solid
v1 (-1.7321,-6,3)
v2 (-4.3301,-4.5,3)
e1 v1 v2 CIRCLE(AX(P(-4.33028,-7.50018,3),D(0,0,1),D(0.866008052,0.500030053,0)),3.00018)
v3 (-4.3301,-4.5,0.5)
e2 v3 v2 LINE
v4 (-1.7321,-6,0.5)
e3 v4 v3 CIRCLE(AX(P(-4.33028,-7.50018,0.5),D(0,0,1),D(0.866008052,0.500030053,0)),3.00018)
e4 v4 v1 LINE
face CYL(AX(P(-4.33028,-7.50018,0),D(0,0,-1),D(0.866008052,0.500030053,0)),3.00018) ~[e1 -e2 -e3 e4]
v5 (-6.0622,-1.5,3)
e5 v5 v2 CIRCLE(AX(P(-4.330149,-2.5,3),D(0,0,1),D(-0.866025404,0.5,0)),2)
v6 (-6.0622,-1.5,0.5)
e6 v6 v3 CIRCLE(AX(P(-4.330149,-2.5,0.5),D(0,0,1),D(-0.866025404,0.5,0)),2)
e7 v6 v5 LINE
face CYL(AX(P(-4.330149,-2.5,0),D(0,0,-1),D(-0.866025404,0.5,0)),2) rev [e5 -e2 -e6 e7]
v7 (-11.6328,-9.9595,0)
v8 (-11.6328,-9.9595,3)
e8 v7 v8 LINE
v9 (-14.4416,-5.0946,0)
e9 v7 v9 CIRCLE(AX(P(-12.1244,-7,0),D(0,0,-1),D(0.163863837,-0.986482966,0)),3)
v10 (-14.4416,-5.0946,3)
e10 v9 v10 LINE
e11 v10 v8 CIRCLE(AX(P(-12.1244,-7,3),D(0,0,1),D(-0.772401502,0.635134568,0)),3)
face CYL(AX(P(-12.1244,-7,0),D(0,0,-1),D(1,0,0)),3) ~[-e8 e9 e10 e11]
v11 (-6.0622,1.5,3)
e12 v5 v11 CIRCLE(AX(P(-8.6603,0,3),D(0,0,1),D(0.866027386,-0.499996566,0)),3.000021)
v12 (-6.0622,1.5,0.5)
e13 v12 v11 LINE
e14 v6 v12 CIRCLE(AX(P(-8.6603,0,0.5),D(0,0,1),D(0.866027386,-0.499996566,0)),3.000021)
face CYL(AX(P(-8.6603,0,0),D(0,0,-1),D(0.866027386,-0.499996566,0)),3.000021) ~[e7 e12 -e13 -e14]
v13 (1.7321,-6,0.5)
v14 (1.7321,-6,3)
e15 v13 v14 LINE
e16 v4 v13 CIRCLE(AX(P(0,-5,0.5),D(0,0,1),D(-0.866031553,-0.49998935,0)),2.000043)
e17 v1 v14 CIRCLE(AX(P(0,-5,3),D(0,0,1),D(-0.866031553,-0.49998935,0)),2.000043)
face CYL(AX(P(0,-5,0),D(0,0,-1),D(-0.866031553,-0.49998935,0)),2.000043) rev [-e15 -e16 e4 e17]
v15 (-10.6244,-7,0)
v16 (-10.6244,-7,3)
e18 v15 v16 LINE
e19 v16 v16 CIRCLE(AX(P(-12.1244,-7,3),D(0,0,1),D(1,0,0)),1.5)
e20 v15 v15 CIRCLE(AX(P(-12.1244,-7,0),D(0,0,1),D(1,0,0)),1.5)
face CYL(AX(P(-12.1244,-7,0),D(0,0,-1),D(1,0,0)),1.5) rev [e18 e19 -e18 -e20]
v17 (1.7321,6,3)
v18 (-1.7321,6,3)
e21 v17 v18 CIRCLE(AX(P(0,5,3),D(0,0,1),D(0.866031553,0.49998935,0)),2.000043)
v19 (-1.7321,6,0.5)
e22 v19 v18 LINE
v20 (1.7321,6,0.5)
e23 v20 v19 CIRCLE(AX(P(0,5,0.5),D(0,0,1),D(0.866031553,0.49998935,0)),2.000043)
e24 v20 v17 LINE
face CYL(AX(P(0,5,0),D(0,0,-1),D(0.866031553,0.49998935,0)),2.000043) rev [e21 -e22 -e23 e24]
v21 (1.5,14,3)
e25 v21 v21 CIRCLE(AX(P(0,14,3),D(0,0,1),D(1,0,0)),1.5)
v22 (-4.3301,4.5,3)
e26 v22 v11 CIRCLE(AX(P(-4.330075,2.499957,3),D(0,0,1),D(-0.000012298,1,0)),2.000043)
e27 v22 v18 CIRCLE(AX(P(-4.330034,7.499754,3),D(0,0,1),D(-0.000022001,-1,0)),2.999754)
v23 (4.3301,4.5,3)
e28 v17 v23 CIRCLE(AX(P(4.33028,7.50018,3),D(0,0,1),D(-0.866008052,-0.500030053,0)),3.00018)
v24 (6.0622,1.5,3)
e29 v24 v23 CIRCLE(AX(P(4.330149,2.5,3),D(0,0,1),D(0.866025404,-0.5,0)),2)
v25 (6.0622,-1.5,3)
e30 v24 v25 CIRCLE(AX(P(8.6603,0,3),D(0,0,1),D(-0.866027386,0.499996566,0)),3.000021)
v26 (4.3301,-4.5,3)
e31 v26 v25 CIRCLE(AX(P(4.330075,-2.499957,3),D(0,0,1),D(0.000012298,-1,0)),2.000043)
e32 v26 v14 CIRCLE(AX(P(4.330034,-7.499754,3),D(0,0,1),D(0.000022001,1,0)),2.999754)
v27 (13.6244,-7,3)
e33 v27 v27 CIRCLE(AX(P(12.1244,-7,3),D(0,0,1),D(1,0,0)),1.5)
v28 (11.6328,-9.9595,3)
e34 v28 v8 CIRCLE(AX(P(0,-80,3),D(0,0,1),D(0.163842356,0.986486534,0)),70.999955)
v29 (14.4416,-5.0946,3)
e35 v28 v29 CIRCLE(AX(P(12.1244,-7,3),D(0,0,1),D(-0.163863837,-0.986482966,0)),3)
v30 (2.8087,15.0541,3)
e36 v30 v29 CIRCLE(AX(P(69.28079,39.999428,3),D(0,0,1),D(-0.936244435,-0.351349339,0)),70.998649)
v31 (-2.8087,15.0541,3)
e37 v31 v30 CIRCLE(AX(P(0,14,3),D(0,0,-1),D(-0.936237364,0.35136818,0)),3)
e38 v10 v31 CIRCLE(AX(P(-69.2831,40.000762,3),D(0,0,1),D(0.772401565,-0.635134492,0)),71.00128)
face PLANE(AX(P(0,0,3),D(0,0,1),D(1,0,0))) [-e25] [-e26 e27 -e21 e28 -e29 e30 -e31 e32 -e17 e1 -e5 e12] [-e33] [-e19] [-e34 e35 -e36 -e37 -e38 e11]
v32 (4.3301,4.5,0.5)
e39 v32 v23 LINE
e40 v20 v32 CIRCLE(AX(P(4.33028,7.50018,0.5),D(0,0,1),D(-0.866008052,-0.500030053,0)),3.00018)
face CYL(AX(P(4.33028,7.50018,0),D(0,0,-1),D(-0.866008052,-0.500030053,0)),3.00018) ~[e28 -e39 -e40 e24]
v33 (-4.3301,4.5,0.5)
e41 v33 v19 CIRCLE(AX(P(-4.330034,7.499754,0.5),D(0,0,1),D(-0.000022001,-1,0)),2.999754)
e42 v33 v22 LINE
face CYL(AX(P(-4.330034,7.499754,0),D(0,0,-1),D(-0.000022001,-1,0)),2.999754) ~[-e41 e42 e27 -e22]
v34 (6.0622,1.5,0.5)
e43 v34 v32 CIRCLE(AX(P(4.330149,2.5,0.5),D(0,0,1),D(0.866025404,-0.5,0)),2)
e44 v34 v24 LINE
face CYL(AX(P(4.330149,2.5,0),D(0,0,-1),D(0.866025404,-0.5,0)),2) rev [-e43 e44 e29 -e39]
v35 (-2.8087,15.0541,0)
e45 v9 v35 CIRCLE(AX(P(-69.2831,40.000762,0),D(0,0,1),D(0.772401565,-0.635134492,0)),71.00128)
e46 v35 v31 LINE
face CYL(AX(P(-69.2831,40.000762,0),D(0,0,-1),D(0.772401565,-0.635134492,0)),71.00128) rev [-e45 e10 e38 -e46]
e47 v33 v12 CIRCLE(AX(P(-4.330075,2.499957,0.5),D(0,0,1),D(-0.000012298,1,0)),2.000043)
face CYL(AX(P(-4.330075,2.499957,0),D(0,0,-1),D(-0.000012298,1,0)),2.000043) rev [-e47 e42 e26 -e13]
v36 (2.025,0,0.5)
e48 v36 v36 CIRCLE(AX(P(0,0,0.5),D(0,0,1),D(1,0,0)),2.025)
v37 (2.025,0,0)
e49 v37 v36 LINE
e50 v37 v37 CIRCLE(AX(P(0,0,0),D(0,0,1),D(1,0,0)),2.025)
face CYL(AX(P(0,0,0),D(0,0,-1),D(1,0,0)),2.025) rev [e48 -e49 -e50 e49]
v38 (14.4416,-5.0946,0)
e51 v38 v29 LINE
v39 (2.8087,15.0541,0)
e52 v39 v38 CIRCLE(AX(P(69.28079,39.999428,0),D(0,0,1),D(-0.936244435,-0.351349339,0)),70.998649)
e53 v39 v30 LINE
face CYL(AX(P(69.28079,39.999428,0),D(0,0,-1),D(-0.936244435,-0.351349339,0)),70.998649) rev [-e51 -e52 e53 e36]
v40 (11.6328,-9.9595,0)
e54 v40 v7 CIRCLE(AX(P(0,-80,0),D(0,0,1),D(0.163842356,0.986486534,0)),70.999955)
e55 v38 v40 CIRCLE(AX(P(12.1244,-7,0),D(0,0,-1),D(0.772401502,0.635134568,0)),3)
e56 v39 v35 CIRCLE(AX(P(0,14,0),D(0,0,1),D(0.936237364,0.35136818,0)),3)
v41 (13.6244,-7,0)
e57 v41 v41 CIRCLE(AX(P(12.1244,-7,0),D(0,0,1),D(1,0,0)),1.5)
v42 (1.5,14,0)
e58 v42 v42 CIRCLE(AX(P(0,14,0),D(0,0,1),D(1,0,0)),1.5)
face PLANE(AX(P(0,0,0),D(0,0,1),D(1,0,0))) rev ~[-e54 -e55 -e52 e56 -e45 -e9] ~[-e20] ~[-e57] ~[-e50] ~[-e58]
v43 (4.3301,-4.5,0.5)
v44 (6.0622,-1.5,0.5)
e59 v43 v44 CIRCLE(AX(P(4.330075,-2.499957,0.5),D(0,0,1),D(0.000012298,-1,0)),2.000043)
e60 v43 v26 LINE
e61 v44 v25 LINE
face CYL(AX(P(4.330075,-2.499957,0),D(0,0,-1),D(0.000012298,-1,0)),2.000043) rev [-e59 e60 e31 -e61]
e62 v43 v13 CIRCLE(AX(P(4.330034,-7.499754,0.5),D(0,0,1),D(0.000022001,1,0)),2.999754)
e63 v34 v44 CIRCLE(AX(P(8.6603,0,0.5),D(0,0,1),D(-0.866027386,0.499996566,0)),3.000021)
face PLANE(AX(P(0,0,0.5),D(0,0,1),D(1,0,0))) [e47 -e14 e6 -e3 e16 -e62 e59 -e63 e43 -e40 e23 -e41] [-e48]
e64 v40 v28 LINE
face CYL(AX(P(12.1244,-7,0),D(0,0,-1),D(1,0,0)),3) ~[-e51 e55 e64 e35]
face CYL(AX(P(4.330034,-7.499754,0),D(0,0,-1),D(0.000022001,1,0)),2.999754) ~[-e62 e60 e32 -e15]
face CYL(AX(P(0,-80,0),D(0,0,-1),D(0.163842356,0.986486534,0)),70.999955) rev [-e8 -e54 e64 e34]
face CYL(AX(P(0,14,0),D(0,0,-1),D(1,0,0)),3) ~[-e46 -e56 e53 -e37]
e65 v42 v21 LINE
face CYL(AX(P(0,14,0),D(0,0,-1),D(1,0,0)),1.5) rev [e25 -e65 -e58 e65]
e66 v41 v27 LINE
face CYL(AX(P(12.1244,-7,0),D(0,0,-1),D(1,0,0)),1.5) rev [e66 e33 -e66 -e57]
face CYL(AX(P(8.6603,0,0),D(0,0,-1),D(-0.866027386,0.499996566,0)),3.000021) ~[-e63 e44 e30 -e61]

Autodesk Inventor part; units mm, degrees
ref_plane "YZ Plane" through (0, 0, 0) normal (1, 0, 0) x (0, 1, 0)
ref_plane "XZ Plane" through (0, 0, 0) normal (0, 1, 0) x (-1, 0, 0)
ref_plane "XY Plane" through (0, 0, 0) normal (0, 0, 1) x (1, 0, 0)
sketch "スケッチ1" plane through (0, 0, 0) normal (0, 0, 1) x (1, 0, 0)
  circle A0 centre (0, 0) radius 18.25
  circle A1 centre (0, 0) radius 17
  line L0 (0, 14) -> (12.1244, -7) construction
  line L1 (12.1244, -7) -> (-12.1244, -7) construction
  line L2 (-12.1244, -7) -> (0, 14) construction
  circle A2 centre (0, 14) radius 1.5
  circle A3 centre (-12.1244, -7) radius 1.5
  circle A4 centre (12.1244, -7) radius 1.5
  circle A5 centre (0, 14) radius 3
  circle A6 centre (-12.1244, -7) radius 3
  circle A7 centre (12.1244, -7) radius 3
  circle A8 centre (0, 0) radius 8 construction
  circle A9 centre (0, 0) radius 7 construction
  line L3 (0, 7) -> (6.0622, 3.5) construction
  line L4 (6.0622, 3.5) -> (6.0622, -3.5) construction
  line L5 (6.0622, -3.5) -> (0, -7) construction
  line L6 (0, -7) -> (-6.0622, -3.5) construction
  line L7 (-6.0622, -3.5) -> (-6.0622, 3.5) construction
  line L8 (-6.0622, 3.5) -> (0, 7) construction
  arc A10 (1.7321, 6) -> (-1.7321, 6) centre (0, 5) ccw
  arc A11 (-4.3301, 4.5) -> (-6.0622, 1.5) centre (-4.3301, 2.5) ccw
  arc A12 (-6.0622, -1.5) -> (-4.3301, -4.5) centre (-4.3301, -2.5) ccw
  arc A13 (-1.7321, -6) -> (1.7321, -6) centre (0, -5) ccw
  arc A14 (4.3301, -4.5) -> (6.0622, -1.5) centre (4.3301, -2.5) ccw
  arc A15 (6.0622, 1.5) -> (4.3301, 4.5) centre (4.3301, 2.5) ccw
  arc A16 (1.7321, 6) -> (4.3301, 4.5) centre (4.3301, 7.5) ccw
  arc A17 (-4.3301, 4.5) -> (-1.7321, 6) centre (-4.3301, 7.5) ccw
  arc A18 (-6.0622, -1.5) -> (-6.0622, 1.5) centre (-8.6603, 0) ccw
  arc A19 (-1.7321, -6) -> (-4.3301, -4.5) centre (-4.3301, -7.5) ccw
  arc A20 (4.3301, -4.5) -> (1.7321, -6) centre (4.3301, -7.5) ccw
  arc A21 (6.0622, 1.5) -> (6.0622, -1.5) centre (8.6603, 0) ccw
  circle A22 centre (0, 0) radius 5.6603 construction
  arc A23 (-14.4416, -5.0946) -> (-2.8087, 15.0541) centre (-69.282, 40) ccw
  arc A24 (11.6328, -9.9595) -> (-11.6328, -9.9595) centre (0, -80) ccw
  arc A25 (2.8087, 15.0541) -> (14.4416, -5.0946) centre (69.282, 40) ccw
  circle A26 centre (0, 0) radius 9 construction
  circle A27 centre (0, 0) radius 2.025
  point P0 (-15.3265, -15.7621)
  point P1 (-6.0622, -3.5)
  point P2 (0, -7)
  point P3 (6.0622, -3.5)
  point P4 (6.0622, 3.5)
  point P5 (-1.7321, -6)
  point P6 (-4.3301, -4.5)
  point P7 (-6.0622, -1.5)
  point P8 (-6.0622, 1.5)
  point P9 (-4.3301, 4.5)
  point P10 (6.0622, 1.5)
  point P11 (6.0622, -1.5)
  point P12 (4.3301, -4.5)
  point P13 (1.7321, -6)
  point P14 (-11.6328, -9.9595)
  point P15 (11.6328, -9.9595)
  point P16 (14.4416, -5.0946)
  point P17 (2.8087, 15.0541)
  dimension "d4" = 6
  dimension "d5" = 6
  dimension "d13" = 14
  dimension "d0" = 34
  dimension "d1" = 3
  dimension "d2" = 3
  dimension "d3" = 3
  dimension "d6" = 6
  dimension "d7" = 14
  dimension "d12" = 16
  dimension "d14" = 360
  dimension "d15" = 360
  dimension "d16" = 11.3205
  dimension "d17" = 3
  dimension "d18" = 2
  dimension "d21" = 360
  dimension "d23" = 18
  dimension "d28" = 4.05
extrude "押し出し1" add sketch "スケッチ1" along normal blind 3 contours A5 | A7 | A6 | A25 A7 A24 A6 A23 A5
extrude "押し出し2" add sketch "スケッチ1" along normal blind 0.5 contours A16 A15 A21 A14 A20 A13 A19 A12 A18 A11 A17 A10
properties part number "m0.5z80接続部品" material "アルミニウム 2014-T4"
